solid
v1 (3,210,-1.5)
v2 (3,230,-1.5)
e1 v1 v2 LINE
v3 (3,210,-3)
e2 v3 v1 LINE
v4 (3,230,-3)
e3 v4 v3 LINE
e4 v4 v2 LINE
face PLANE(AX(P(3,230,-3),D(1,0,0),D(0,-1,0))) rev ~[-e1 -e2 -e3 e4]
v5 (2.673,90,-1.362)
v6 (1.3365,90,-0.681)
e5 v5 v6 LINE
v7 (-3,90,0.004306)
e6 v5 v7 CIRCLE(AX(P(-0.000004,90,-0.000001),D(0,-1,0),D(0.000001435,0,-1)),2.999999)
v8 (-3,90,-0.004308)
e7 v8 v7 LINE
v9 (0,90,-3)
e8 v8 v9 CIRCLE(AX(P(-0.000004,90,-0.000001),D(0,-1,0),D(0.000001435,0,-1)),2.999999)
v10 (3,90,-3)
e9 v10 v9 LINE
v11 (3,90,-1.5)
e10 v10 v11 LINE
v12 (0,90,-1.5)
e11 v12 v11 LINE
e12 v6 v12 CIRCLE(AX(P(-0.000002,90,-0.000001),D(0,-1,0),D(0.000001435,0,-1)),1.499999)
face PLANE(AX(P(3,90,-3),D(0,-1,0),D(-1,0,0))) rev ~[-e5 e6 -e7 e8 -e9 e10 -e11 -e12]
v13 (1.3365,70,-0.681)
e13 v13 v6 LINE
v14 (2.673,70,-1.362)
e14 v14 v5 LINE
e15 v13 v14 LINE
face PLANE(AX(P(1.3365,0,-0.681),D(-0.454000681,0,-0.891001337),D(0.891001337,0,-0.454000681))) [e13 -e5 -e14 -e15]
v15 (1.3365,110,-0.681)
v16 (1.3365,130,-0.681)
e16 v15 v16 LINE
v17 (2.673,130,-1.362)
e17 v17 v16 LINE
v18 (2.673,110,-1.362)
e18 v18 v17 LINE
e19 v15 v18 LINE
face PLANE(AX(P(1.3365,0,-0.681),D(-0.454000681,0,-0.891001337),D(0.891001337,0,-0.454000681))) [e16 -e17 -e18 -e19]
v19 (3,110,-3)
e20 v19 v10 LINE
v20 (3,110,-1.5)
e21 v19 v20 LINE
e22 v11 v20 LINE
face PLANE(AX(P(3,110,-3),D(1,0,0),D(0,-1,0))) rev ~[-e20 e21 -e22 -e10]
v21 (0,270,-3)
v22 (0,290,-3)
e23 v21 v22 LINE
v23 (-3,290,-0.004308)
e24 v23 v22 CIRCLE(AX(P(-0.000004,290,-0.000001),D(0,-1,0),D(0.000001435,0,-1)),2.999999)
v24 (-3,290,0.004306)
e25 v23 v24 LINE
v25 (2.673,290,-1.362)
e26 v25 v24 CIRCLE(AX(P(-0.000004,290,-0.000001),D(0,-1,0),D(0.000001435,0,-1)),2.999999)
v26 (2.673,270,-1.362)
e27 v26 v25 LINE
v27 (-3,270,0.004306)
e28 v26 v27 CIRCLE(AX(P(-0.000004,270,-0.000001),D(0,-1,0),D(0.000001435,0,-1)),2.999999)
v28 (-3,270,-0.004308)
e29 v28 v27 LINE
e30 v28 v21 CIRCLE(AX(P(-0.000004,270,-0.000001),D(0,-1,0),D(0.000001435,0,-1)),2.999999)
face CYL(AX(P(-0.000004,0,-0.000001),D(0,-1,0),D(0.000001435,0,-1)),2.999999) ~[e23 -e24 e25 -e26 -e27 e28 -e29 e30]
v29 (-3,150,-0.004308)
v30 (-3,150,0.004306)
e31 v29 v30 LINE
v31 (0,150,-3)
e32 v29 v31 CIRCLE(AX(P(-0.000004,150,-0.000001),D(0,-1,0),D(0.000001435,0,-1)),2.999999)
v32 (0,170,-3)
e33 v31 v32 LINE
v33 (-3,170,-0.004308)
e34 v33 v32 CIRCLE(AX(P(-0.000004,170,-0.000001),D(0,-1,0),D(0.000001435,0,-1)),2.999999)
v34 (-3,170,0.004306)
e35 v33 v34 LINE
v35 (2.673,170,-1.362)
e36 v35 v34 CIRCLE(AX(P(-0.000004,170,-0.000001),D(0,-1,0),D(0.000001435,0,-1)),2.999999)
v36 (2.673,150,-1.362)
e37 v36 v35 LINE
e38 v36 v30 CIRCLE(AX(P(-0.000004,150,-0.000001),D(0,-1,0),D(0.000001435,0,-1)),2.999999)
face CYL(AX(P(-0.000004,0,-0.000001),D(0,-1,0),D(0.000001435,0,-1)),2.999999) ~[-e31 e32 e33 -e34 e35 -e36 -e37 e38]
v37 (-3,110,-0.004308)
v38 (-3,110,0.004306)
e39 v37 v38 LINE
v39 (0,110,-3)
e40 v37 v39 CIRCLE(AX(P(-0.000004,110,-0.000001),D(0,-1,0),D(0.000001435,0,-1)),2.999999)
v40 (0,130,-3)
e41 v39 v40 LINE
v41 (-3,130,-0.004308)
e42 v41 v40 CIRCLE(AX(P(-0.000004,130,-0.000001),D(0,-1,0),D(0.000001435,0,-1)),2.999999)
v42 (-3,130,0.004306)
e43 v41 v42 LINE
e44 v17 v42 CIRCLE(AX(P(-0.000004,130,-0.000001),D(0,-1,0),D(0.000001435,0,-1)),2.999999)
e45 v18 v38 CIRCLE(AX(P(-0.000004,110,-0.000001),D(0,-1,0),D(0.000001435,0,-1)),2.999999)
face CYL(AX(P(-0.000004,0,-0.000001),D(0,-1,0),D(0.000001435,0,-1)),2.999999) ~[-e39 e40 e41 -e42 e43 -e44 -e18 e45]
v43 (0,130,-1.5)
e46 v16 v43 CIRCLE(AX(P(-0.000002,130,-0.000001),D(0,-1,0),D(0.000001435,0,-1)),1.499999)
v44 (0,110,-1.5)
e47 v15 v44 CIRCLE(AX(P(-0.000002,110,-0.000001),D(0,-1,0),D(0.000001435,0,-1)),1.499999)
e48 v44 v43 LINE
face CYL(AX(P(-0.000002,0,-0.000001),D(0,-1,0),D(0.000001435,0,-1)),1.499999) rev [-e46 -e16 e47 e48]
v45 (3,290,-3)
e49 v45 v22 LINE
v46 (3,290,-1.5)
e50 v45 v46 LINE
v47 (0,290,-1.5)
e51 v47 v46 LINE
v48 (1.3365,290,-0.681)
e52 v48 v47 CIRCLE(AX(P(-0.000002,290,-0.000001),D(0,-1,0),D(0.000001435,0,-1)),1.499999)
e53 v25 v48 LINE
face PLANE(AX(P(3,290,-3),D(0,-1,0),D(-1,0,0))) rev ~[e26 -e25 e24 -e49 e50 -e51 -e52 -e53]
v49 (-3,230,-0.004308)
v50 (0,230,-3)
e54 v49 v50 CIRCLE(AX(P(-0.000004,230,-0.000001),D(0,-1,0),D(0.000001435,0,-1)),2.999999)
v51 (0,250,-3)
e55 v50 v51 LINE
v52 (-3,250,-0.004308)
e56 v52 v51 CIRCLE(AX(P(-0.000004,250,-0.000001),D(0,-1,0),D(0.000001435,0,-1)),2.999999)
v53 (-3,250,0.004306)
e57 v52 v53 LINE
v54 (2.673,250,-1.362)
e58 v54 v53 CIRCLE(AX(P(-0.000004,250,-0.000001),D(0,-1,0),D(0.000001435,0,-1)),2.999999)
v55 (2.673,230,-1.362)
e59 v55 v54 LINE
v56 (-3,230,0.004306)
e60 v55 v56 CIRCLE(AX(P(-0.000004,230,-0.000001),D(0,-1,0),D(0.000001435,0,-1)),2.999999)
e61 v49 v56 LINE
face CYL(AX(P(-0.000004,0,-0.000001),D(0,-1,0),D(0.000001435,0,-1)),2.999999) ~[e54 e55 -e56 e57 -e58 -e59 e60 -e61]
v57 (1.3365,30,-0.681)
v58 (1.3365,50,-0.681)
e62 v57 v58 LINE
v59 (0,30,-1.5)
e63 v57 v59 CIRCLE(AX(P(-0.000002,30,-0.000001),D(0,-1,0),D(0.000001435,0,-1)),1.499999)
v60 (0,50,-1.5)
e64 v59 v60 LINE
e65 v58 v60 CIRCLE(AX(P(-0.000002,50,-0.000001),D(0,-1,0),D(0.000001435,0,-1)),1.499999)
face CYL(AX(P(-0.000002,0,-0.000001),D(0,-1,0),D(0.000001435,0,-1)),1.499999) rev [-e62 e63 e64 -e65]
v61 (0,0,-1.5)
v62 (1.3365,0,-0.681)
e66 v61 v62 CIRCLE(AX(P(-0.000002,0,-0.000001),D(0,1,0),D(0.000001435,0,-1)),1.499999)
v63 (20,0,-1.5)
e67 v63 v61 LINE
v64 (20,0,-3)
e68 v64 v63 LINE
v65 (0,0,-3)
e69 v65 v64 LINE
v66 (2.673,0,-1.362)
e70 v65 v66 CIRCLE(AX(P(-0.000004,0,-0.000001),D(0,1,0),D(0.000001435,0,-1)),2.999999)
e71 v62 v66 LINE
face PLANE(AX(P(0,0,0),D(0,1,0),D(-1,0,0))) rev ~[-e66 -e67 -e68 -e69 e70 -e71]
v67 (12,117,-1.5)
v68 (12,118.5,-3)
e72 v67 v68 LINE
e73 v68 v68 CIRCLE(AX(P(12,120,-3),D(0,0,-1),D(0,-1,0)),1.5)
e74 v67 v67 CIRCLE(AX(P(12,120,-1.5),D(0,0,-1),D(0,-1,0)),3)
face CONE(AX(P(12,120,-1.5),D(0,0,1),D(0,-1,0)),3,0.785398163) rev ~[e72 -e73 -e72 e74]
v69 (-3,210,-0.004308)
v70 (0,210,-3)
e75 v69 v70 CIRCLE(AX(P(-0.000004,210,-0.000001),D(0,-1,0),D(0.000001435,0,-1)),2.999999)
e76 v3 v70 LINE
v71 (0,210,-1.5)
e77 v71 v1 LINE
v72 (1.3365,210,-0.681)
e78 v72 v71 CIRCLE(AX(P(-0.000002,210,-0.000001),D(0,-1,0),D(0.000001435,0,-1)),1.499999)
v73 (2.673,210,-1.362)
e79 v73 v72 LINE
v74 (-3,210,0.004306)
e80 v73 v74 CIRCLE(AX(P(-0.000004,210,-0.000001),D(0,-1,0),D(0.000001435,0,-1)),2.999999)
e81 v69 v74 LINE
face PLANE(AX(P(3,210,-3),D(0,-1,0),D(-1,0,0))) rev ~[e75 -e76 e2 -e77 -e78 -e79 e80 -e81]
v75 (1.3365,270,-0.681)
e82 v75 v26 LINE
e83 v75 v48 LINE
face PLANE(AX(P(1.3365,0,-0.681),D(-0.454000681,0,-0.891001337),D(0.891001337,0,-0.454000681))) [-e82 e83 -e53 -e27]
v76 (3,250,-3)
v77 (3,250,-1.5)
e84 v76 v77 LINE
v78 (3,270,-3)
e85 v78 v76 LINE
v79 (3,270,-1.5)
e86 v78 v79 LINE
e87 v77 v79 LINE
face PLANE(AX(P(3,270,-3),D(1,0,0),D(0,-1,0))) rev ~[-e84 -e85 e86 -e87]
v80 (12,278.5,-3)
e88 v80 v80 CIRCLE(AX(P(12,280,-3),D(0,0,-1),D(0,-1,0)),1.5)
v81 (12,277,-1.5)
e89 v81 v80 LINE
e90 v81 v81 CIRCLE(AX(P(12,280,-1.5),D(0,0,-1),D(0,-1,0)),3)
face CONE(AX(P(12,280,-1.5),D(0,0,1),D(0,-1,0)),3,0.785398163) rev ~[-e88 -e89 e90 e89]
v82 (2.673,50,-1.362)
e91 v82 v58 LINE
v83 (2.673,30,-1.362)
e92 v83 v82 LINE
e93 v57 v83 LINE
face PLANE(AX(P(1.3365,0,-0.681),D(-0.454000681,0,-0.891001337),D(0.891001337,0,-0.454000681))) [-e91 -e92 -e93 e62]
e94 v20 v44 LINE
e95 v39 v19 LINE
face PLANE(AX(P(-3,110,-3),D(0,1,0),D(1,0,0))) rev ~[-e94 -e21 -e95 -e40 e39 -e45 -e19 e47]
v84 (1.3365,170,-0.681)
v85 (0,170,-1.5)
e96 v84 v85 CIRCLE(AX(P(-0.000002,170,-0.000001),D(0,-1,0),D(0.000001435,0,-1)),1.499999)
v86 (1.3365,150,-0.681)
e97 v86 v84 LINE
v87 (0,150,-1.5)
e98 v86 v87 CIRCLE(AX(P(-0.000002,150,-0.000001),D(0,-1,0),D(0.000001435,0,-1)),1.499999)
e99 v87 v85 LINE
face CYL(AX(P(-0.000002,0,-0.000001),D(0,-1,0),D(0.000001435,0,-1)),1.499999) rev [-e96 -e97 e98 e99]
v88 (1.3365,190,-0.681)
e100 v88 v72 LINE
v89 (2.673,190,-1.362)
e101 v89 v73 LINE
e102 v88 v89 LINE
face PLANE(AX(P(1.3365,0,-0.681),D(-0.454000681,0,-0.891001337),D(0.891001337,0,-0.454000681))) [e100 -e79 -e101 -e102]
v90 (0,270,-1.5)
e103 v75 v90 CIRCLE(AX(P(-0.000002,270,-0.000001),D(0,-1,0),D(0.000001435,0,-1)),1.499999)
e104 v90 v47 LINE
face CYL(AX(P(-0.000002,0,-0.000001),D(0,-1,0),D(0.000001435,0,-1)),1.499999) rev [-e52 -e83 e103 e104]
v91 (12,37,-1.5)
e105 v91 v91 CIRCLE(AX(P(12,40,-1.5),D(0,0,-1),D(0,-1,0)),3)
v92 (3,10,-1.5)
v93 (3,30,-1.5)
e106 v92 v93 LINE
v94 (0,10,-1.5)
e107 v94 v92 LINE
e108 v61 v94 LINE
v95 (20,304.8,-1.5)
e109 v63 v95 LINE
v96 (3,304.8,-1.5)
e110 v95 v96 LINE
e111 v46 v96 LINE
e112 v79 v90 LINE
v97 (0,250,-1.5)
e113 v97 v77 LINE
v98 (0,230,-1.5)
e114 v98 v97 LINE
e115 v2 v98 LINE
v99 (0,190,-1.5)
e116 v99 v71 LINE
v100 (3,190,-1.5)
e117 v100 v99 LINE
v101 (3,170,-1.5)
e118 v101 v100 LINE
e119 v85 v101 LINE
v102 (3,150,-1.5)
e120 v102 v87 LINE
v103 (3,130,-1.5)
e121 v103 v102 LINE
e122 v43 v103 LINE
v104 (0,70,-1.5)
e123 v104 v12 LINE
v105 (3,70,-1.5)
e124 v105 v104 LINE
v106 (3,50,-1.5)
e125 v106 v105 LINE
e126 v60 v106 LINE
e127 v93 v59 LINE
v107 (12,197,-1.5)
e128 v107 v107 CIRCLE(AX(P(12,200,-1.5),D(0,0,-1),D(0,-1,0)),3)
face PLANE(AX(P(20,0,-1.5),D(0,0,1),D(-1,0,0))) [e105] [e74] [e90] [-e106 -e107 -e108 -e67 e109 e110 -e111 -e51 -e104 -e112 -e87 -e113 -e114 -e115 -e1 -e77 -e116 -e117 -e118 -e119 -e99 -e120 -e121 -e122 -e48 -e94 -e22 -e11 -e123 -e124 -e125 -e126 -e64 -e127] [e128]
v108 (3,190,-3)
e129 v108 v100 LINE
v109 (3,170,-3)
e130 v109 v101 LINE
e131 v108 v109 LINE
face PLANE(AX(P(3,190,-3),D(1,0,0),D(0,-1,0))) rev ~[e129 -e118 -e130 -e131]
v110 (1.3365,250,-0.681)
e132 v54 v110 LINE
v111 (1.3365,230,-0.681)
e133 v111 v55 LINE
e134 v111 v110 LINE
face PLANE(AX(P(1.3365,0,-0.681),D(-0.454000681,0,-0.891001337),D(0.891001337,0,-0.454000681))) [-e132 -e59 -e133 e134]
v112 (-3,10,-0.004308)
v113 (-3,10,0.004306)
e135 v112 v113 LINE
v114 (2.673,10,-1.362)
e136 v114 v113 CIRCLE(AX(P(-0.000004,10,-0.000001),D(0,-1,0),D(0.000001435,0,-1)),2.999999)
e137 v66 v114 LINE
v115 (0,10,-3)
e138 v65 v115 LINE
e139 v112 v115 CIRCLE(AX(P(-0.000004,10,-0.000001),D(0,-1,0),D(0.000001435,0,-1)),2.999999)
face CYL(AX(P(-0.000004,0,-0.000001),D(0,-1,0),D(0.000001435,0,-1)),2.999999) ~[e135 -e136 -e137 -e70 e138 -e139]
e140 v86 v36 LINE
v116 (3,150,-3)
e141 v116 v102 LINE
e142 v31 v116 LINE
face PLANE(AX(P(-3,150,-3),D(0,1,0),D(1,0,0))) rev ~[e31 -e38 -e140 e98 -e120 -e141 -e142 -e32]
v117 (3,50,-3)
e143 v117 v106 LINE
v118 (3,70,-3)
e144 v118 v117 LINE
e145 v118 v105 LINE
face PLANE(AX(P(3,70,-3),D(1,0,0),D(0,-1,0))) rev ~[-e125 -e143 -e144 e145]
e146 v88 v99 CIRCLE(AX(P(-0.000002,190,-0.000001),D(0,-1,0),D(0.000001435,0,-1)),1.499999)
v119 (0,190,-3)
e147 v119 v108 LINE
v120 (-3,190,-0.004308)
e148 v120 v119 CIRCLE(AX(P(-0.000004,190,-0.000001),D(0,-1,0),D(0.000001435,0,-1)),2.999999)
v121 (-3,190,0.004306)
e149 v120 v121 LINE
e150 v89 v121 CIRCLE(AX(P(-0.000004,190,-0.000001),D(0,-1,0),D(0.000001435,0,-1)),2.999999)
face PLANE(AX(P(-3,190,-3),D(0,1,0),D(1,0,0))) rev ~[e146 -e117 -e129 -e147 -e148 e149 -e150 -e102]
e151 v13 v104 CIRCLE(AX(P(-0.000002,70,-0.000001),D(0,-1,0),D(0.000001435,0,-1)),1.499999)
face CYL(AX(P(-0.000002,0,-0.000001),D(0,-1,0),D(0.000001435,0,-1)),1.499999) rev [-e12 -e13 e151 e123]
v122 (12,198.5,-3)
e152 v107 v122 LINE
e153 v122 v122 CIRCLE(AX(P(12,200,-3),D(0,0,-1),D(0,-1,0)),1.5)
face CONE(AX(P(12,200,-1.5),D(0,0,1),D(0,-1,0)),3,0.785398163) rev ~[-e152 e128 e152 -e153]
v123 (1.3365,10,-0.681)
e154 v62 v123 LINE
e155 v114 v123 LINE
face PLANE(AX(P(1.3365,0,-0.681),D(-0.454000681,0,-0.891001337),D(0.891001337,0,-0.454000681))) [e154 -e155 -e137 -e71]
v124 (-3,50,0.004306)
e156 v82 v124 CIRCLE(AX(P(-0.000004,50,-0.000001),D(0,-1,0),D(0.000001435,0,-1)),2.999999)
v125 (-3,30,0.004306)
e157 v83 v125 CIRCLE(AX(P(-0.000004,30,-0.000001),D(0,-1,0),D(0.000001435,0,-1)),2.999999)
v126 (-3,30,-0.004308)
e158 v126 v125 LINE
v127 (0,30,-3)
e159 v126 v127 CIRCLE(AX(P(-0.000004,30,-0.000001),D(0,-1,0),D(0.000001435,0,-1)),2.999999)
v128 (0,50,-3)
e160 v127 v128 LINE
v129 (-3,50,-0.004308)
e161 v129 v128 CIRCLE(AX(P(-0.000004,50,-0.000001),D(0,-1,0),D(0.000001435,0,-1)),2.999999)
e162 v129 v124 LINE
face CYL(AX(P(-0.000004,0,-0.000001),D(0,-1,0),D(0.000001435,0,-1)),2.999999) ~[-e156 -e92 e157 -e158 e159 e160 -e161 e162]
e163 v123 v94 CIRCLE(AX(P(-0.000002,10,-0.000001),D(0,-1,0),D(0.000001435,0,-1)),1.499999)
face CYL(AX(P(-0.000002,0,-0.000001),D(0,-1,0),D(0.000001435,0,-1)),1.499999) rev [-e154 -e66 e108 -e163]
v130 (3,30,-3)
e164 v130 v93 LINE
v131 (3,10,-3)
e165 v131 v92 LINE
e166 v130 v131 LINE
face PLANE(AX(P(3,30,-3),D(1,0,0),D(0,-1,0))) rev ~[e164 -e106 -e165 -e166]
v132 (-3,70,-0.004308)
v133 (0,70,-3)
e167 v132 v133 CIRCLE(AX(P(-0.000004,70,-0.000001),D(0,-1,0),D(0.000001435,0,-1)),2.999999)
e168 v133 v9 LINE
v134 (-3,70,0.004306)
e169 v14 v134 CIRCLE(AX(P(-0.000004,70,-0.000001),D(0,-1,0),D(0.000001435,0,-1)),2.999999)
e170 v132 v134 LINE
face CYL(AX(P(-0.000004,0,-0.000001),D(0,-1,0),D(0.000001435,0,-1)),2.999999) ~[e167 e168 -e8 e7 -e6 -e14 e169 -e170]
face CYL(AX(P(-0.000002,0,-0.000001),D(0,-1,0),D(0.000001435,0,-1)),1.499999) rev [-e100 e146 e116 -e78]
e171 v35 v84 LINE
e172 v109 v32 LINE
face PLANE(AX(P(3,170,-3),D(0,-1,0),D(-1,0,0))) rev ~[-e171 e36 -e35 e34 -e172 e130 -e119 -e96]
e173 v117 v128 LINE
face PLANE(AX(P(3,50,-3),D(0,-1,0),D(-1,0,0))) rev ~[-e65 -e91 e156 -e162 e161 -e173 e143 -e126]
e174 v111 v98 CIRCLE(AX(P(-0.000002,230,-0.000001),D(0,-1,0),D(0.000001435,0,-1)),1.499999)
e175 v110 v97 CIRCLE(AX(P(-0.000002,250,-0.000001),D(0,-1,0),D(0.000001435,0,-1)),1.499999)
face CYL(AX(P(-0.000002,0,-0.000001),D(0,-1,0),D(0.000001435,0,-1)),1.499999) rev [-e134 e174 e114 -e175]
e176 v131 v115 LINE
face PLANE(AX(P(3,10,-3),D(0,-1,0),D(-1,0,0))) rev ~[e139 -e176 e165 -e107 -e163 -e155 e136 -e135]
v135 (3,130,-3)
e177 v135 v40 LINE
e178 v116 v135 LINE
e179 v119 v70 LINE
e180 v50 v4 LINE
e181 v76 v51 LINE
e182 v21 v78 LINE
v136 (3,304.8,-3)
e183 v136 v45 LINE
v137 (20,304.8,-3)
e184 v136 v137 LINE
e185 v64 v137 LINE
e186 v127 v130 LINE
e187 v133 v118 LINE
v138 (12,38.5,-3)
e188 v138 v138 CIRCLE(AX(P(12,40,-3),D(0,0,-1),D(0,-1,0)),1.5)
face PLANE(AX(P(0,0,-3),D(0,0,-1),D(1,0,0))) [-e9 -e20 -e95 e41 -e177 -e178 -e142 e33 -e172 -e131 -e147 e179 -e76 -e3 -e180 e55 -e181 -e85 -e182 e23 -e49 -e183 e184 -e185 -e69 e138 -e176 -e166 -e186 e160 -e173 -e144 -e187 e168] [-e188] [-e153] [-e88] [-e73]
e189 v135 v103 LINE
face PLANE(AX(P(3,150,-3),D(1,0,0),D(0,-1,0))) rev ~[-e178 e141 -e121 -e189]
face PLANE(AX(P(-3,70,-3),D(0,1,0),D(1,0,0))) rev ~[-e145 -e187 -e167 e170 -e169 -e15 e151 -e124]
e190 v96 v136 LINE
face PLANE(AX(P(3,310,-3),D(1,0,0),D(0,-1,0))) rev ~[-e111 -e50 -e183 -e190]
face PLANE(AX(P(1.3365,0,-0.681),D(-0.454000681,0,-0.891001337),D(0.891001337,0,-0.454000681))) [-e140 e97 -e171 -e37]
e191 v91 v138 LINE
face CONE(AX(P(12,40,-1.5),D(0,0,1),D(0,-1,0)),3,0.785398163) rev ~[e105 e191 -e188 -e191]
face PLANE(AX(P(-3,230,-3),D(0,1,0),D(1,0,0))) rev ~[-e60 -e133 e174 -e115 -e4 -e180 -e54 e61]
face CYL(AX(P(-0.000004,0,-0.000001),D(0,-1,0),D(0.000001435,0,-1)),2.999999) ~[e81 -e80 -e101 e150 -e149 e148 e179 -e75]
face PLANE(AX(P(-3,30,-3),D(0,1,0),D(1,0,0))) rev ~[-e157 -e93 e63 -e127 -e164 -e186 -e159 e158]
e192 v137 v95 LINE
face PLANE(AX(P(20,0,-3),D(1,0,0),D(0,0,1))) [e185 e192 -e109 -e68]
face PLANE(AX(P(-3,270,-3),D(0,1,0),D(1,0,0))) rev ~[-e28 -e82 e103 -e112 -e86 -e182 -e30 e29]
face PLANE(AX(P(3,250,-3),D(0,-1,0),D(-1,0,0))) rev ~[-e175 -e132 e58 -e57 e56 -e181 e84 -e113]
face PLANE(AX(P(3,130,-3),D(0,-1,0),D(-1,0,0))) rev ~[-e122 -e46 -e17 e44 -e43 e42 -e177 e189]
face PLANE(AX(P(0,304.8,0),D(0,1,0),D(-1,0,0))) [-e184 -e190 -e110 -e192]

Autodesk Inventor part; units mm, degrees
ref_plane "YZ Plane" through (0, 0, 0) normal (1, 0, 0) x (0, 1, 0)
ref_plane "XZ Plane" through (0, 0, 0) normal (0, 1, 0) x (-1, 0, 0)
ref_plane "XY Plane" through (0, 0, 0) normal (0, 0, 1) x (1, 0, 0)
sketch "Sketch2" plane through (0, 0, 0) normal (0, 1, 0) x (-1, 0, 0)
  arc A0 (0, -1.5) -> (-1.3365, -0.681) centre (0, 0) ccw
  arc A1 (0, -3) -> (-2.673, -1.362) centre (0, 0) ccw
  line L0 (0, -3) -> (-20, -3)
  line L1 (-20, -3) -> (-20, -1.5)
  line L2 (-20, -1.5) -> (0, -1.5)
  line L3 (-1.3365, -0.681) -> (-2.673, -1.362)
  dimension "d0" = 1.5
  dimension "d1" = 1.5
  dimension "d2" = 20
  dimension "d3" = 3
  dimension "d4" = 27
extrude "Extrusion1" add sketch "Sketch2" along normal blind 304.8
sketch "Sketch3" plane through (20, 0, -3) normal (0, 0, -1) x (-1, 0, 0)
  line L0 (0, 0) -> (20, 0) projected
  line L1 (23, 30) -> (17, 30)
  line L2 (17, 30) -> (17, 10)
  line L3 (17, 10) -> (23, 10)
  line L4 (23, 10) -> (23, 30)
  line L5 (17, 0) -> (17, 304.8) projected
  dimension "d7" = 10
  dimension "d8" = 20
  dimension "d9" = 6
extrude "Extrusion2" cut sketch "Sketch3" against normal through all
pattern_linear "Rectangular Pattern1" count 25 spacing 40 along (0, 1, 0) of "Extrusion2"
sketch "Sketch4" plane through (20, 0, -1.5) normal (0, 0, 1) x (1, 0, 0)
  line L0 (-20, 70) -> (-20, 90) projected
  line L1 (-20, 70) -> (-20, 90) projected
  line L2 (-20, 70) -> (-20, 90) projected
  line L3 (-20, 70) -> (-20, 90) projected
  line L4 (-20, 70) -> (-20, 90) projected
  line L5 (-20, 70) -> (-20, 90) projected
  line L6 (-20, 70) -> (-20, 90) projected
  line L7 (-20, 70) -> (-20, 90) projected
  line L8 (-20, 270) -> (-20, 290) projected
  line L9 (-20, 190) -> (-20, 210) projected
  line L10 (-20, 110) -> (-20, 130) projected
  line L11 (-20, 30) -> (-20, 50) projected
  line L12 (0, 0) -> (0, 304.8) projected
  point P0 (-20, 930)
  point P1 (-20, 910)
  point P2 (-20, 850)
  point P3 (-20, 830)
  point P4 (-20, 770)
  point P5 (-20, 750)
  point P6 (-20, 690)
  point P7 (-20, 670)
  point P8 (-20, 610)
  point P9 (-20, 590)
  point P10 (-20, 530)
  point P11 (-20, 510)
  point P12 (-20, 450)
  point P13 (-20, 430)
  point P14 (-20, 370)
  point P15 (-20, 350)
  point P16 (-8, 40)
  point P17 (-8, 120)
  point P18 (-8, 200)
  point P19 (-8, 280)
  point P20 (-8, 360)
  point P21 (-8, 440)
  point P22 (-8, 520)
  point P23 (-8, 600)
  point P24 (-8, 680)
  point P25 (-8, 760)
  point P26 (-8, 840)
  point P27 (-8, 920)
  point P28 (-20, 40)
  point P29 (-20, 120)
  point P30 (-20, 200)
  point P31 (-20, 280)
  point P32 (-20, 360)
  point P33 (-20, 440)
  point P34 (-20, 520)
  point P35 (-20, 600)
  point P36 (-20, 680)
  point P37 (-20, 760)
  point P38 (-20, 840)
  point P39 (-20, 920)
  dimension "d15" = 8
hole "Hole1" at (12, 40, -1.5) at (12, 120, -1.5) at (12, 200, -1.5) at (12, 280, -1.5) at (12, 360, -1.5) at (12, 440, -1.5) at (12, 520, -1.5) at (12, 600, -1.5) at (12, 680, -1.5) at (12, 760, -1.5) at (12, 840, -1.5) at (12, 920, -1.5) direction (0, 0, -1) diameter 3 end through all countersink diameter 6 countersink angle 90
equation "\"d1\" = d0"
properties part number "SIDE 1" material "Steel, Mild"
